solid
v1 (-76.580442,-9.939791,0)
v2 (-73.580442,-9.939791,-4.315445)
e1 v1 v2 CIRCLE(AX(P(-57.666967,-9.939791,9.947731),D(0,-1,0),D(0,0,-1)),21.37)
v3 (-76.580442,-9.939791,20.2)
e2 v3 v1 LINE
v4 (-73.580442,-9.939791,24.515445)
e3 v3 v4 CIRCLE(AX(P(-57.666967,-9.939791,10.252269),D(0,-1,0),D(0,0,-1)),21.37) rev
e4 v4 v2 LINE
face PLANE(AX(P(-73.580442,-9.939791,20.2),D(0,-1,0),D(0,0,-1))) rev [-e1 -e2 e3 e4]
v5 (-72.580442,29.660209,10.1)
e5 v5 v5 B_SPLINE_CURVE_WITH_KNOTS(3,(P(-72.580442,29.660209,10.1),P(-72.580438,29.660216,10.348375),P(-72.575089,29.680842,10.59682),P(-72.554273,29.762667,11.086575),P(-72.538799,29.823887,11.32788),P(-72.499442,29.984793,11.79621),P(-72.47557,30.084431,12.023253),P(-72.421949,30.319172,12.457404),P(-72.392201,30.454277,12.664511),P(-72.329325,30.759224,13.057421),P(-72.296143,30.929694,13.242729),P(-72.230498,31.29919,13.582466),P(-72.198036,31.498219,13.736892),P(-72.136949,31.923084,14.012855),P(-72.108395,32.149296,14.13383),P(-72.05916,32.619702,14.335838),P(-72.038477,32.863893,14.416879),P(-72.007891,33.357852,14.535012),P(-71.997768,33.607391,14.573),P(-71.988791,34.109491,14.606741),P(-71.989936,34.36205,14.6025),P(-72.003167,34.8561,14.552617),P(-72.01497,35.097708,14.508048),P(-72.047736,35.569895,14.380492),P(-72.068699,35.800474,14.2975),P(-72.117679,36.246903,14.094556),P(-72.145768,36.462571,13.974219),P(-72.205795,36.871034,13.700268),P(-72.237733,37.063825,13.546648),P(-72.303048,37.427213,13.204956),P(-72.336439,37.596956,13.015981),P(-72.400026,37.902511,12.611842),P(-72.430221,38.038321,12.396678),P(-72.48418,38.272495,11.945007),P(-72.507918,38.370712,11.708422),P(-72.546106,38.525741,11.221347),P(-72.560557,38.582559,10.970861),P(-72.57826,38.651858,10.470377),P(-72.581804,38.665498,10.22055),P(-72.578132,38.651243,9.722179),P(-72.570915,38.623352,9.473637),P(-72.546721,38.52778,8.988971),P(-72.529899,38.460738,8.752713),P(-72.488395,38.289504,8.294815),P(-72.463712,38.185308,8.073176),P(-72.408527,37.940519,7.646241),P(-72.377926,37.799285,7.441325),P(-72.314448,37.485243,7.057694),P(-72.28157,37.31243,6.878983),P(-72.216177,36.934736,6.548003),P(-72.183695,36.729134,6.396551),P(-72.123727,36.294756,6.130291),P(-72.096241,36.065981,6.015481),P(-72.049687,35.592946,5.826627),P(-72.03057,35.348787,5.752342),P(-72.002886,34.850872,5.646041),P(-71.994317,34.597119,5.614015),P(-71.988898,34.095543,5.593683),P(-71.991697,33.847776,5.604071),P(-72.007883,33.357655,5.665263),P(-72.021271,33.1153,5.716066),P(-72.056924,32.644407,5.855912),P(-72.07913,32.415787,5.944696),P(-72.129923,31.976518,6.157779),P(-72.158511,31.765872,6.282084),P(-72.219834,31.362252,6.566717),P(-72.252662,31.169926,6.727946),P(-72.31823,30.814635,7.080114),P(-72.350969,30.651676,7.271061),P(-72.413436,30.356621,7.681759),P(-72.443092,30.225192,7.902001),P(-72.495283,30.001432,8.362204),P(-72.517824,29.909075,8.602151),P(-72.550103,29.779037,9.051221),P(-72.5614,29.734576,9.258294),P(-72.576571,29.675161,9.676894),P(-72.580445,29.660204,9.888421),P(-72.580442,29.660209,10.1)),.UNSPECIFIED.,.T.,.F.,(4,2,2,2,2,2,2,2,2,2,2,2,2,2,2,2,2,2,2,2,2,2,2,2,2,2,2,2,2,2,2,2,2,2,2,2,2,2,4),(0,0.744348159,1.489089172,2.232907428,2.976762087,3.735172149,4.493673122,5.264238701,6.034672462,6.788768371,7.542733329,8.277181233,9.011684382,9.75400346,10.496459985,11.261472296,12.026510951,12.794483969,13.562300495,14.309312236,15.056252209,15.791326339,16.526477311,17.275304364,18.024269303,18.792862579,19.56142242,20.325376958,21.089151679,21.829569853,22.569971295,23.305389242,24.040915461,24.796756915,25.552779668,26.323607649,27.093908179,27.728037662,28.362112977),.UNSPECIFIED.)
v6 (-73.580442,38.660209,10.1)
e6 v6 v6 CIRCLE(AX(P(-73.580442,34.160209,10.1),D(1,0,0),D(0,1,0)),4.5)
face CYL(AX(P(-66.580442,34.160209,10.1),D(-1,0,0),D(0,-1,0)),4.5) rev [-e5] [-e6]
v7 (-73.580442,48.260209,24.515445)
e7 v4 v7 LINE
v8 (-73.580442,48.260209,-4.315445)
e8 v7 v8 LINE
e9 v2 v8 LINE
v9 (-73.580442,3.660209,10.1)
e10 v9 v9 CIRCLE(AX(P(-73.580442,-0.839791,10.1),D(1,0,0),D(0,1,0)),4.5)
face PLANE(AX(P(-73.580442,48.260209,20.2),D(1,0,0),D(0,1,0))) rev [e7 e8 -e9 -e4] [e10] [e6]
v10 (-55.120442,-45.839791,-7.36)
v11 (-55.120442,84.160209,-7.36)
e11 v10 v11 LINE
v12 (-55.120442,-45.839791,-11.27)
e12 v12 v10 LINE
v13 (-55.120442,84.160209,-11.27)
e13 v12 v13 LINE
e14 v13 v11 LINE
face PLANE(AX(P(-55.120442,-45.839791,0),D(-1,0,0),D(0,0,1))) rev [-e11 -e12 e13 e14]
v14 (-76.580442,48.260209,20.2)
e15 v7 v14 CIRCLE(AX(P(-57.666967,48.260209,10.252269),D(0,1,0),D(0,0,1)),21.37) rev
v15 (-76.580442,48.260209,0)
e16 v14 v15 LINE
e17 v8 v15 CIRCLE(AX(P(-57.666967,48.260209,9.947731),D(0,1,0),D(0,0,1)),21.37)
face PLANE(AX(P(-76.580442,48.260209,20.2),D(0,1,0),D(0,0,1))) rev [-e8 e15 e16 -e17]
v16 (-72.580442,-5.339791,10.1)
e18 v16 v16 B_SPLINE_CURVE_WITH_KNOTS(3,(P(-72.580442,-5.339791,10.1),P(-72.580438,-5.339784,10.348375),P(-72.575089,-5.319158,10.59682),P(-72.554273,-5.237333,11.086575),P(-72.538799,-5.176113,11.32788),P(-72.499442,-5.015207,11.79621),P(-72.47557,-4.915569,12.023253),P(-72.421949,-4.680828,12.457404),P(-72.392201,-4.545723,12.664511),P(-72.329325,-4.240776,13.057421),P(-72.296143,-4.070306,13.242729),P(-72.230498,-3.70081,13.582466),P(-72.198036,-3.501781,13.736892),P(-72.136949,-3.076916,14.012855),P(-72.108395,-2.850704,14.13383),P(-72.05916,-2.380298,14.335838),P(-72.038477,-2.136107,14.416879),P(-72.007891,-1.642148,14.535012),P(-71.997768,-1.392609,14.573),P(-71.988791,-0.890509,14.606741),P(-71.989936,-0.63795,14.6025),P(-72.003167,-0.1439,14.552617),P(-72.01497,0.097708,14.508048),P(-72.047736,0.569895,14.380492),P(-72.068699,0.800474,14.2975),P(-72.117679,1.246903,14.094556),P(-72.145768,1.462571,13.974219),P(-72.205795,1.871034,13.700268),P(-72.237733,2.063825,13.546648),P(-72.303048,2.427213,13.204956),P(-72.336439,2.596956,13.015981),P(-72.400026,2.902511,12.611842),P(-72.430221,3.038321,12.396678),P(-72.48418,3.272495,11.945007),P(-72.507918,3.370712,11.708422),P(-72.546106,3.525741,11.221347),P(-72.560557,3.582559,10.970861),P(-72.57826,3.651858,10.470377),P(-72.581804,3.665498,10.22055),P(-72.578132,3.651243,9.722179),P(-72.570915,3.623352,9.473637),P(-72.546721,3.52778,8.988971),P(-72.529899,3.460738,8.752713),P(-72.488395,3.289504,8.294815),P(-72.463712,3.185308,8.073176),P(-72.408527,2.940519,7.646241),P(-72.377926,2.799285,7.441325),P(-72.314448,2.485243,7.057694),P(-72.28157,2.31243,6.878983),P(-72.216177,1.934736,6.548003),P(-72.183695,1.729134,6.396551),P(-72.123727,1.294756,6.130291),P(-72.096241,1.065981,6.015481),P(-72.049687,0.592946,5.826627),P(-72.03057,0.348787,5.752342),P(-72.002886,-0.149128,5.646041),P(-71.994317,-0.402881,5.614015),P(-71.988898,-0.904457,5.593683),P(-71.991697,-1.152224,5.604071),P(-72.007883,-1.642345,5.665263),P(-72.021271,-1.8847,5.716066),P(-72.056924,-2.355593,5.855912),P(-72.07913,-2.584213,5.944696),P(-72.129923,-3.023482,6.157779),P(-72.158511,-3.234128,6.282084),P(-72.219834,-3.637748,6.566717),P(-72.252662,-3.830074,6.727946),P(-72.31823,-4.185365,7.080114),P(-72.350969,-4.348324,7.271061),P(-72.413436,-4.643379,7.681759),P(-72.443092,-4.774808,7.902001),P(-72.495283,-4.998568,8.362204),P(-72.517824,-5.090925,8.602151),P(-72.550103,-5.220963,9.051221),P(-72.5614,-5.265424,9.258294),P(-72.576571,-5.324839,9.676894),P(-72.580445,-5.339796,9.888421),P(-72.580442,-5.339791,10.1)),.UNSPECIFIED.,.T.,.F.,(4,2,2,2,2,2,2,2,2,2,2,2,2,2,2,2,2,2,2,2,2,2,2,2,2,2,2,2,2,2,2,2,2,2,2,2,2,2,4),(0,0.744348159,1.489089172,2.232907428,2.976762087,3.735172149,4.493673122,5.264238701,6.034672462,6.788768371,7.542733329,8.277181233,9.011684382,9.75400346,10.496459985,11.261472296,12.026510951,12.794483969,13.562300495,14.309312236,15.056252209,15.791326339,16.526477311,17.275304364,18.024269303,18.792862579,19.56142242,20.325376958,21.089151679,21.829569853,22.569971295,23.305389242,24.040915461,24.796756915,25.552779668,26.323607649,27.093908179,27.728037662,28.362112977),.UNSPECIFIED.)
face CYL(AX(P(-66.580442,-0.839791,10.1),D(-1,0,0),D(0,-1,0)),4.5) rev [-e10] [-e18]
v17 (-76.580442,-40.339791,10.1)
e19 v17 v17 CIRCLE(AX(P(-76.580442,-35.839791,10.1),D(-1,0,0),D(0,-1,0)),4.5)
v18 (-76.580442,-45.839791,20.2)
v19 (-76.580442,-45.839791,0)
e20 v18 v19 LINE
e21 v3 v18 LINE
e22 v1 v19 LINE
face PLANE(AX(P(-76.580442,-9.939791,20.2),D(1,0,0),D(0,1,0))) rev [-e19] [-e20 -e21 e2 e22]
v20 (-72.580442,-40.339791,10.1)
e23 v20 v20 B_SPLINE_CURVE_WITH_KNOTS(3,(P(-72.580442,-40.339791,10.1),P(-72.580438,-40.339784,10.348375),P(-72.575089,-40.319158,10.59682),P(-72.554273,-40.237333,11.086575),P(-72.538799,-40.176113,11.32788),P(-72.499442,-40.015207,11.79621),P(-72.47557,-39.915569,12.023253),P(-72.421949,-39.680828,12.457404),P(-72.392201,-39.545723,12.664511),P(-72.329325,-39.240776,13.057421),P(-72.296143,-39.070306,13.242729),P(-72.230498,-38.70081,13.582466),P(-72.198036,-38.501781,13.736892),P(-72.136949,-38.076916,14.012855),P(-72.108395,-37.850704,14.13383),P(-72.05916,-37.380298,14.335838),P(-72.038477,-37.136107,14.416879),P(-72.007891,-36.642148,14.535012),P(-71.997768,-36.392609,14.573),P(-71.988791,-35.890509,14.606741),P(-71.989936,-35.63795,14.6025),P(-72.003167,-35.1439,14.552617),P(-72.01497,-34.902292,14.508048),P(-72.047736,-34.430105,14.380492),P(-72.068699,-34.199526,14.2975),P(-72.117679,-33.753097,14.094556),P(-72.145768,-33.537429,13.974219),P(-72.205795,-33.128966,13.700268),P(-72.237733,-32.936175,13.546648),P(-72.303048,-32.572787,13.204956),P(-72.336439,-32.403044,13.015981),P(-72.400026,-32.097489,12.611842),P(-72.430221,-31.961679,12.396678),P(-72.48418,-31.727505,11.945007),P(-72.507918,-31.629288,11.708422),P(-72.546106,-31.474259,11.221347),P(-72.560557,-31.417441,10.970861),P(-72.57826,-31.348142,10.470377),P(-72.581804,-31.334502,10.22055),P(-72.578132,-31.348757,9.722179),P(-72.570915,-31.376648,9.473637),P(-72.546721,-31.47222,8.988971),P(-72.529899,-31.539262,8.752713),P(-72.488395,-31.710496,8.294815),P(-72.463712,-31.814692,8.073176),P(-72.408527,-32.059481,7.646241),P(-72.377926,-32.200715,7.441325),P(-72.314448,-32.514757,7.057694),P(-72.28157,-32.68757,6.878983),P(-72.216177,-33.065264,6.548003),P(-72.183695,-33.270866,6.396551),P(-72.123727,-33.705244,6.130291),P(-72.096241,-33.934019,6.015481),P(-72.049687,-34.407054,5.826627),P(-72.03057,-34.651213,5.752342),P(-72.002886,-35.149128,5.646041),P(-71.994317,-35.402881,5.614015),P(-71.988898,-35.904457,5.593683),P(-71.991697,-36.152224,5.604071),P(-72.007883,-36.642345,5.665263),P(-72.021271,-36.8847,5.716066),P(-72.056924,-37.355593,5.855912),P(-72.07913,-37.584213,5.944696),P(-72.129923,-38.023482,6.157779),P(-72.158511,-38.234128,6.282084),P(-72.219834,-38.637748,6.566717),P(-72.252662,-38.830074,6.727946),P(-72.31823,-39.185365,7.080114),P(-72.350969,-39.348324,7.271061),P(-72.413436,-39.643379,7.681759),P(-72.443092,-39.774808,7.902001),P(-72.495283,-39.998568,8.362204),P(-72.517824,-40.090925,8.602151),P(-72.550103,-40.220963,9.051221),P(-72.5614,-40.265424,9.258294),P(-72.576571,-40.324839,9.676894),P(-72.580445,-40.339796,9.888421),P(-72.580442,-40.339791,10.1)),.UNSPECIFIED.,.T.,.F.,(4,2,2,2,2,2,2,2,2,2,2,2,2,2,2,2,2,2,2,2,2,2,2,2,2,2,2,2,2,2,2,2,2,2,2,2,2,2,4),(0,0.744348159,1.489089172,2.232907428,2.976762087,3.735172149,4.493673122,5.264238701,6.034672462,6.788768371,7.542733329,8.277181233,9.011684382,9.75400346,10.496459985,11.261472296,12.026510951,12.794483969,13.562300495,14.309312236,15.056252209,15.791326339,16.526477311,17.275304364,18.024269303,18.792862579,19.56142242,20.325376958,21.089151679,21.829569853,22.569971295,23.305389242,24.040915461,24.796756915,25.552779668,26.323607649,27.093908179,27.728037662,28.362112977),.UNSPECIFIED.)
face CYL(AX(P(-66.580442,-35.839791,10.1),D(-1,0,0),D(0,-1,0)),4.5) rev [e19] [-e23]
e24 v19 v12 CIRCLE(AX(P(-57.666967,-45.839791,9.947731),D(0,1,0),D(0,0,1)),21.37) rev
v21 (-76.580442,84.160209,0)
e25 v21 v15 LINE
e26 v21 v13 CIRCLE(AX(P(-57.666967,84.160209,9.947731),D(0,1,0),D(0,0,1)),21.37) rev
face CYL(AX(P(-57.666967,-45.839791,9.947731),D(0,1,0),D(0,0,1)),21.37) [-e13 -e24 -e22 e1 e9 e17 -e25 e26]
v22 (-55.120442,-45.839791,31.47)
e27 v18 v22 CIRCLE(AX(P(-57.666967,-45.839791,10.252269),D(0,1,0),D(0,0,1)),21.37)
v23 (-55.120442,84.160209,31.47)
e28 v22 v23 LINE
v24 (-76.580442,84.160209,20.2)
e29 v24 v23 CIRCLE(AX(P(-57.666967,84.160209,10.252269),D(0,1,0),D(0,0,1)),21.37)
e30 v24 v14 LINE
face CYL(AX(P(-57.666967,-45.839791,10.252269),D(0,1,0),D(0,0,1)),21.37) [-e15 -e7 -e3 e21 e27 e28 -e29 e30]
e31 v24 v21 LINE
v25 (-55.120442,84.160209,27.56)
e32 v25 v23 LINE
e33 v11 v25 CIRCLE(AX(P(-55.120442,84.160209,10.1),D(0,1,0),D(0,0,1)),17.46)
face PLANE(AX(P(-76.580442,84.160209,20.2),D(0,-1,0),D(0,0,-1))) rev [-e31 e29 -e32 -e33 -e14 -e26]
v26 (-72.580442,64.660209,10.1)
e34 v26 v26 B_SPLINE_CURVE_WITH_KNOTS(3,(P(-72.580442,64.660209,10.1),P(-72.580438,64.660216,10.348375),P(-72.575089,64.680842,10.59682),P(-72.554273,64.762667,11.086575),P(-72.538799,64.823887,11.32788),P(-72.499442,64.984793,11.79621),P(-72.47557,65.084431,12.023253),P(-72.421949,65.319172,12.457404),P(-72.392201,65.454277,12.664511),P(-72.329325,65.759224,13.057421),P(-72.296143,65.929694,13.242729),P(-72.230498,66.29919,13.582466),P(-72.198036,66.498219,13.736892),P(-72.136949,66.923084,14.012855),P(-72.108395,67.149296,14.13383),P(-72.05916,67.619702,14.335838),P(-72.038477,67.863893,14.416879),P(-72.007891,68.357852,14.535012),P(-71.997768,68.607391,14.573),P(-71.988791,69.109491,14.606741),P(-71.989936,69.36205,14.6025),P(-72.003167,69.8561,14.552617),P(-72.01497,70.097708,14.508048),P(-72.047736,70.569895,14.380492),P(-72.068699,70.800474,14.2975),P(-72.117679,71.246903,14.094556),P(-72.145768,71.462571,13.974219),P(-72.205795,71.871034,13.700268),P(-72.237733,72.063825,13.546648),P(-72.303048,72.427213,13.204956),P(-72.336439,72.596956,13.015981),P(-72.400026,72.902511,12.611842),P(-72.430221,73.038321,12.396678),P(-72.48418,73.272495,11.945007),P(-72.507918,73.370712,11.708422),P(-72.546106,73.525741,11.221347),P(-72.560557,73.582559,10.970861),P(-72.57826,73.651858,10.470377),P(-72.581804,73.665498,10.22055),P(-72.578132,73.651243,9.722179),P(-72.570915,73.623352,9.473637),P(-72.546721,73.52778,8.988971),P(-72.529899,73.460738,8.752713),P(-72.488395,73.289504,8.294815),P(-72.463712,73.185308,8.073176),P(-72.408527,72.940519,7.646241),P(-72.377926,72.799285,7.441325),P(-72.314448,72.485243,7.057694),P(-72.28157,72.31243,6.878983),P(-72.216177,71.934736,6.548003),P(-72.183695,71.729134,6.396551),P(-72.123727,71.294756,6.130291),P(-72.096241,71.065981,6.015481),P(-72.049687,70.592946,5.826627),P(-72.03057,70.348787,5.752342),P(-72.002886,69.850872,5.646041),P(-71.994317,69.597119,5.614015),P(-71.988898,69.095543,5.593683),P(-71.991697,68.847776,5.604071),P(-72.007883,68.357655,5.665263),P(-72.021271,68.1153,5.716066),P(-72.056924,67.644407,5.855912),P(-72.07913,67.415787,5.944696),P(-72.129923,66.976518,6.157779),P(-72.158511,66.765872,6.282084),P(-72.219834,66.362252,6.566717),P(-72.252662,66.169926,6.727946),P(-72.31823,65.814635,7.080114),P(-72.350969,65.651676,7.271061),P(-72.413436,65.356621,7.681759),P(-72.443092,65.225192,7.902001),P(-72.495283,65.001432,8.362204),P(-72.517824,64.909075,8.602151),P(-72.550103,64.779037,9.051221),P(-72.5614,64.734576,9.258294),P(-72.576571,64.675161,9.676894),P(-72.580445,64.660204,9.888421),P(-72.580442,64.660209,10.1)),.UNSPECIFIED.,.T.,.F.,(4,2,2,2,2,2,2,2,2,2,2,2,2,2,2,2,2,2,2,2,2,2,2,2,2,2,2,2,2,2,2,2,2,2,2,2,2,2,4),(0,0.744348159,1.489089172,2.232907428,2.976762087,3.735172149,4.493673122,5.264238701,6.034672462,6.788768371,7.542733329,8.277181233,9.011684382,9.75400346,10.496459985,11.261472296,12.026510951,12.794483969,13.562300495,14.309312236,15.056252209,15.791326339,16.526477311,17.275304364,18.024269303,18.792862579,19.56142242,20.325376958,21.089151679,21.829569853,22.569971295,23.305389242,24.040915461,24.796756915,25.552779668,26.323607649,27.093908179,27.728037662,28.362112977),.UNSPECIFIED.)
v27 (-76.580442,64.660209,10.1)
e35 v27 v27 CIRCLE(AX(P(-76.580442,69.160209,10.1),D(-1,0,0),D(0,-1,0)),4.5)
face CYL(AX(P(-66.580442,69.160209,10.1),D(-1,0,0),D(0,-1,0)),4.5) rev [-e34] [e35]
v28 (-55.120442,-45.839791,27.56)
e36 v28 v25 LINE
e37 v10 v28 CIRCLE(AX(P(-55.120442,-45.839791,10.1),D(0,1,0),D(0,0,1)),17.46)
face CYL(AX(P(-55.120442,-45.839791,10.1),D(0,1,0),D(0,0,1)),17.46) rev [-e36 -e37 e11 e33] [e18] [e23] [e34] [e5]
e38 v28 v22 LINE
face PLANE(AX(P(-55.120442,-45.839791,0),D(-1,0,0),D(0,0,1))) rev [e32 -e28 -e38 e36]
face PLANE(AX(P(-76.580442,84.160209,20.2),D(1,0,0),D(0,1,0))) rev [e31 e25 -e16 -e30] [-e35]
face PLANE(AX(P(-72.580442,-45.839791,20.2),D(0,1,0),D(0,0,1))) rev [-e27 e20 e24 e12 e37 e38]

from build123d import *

# Parameters (mm, degrees)
BOSS_EXTRUDE1_DEPTH     = 20.2
BOSS_EXTRUDE3_DEPTH     = 130
SKETCH7_R               = 4.5
CUT_EXTRUDE1_DEPTH      = 10
CUT_EXTRUDE2_DEPTH      = 119.099419302
CUT_EXTRUDE2_DEPTH_BACK = 119.099419302
SKETCH8_W               = 3
SKETCH8_H               = 58.2


with BuildPart() as part:
    # Sketch1 → Boss-Extrude1 (new body)
    with BuildSketch(Plane.XY):
        Polygon((-76.580441788, 84.160209426), (-76.580441788, 48.260209426), (-73.580441788, 48.260209426), (-73.580441788, -9.939790574), (-76.580441788, -9.939790574), (-76.580441788, -45.839790574), (-72.580441788, -45.839790574), (-72.580441788, 84.160209426), align=None)
    extrude(amount=BOSS_EXTRUDE1_DEPTH)

    # Sketch2 → Boss-Extrude3 (add)
    with BuildSketch(Plane(origin=(0, 84.160209426, 0), x_dir=(1, 0, 0), z_dir=(0, 1, 0))):
        with BuildLine():
            Line((-72.580441788, -20.2), (-76.580441788, -20.2))
            ThreePointArc((-76.580441788, -20.2), (-67.602885827, -29.171952003), (-55.120441788, -31.47))
            Line((-55.120441788, -31.47), (-55.120441788, -27.56))
            ThreePointArc((-55.120441788, -27.56), (-63.136226216, -25.611247532), (-69.362688802, -20.2))
            Line((-69.362688802, -20.2), (-72.580441788, -20.2))
        make_face()
        with BuildLine():
            Line((-76.580441788, 0), (-72.580441788, 0))
            Line((-72.580441788, 0), (-69.362688802, 0))
            ThreePointArc((-69.362688802, 0), (-63.136226216, 5.411247532), (-55.120441788, 7.36))
            Line((-55.120441788, 7.36), (-55.120441788, 11.27))
            ThreePointArc((-55.120441788, 11.27), (-67.602885827, 8.971952003), (-76.580441788, 0))
        make_face()
        with BuildLine():
            Line((-69.362688802, 0), (-72.580441788, 0))
            Line((-72.580441788, 0), (-72.580441788, -10.1))
            ThreePointArc((-72.580441788, -10.1), (-71.756565628, -4.799907211), (-69.362688802, 0))
        make_face()
        with BuildLine():
            ThreePointArc((-69.362688802, -20.2), (-71.756565628, -15.400092789), (-72.580441788, -10.1))
            Line((-72.580441788, -10.1), (-72.580441788, -20.2))
            Line((-72.580441788, -20.2), (-69.362688802, -20.2))
        make_face()
    extrude(amount=-BOSS_EXTRUDE3_DEPTH)

    # Sketch7 → Cut-Extrude1 (cut)
    with BuildSketch(Plane.ZY.offset(76.580441788)):
        with Locations(Location((10.1, 69.160209426, 0), (0, 0, 270))):
            Circle(SKETCH7_R)
        with Locations(Location((10.1, 34.160209426, 0), (0, 0, 270))):
            Circle(SKETCH7_R)
        with Locations(Location((10.1, -0.839790574, 0), (0, 0, 270))):
            Circle(SKETCH7_R)
        with Locations(Location((10.1, -35.839790574, 0), (0, 0, 270))):
            Circle(SKETCH7_R)
    extrude(amount=-CUT_EXTRUDE1_DEPTH, mode=Mode.SUBTRACT)

    # Sketch8 → Cut-Extrude2 (cut, two sides: drawn at the far end of the back side and taken through both)
    with BuildSketch(Plane.XY.offset(-CUT_EXTRUDE2_DEPTH_BACK)):
        with Locations((-75.080441788, 19.160209426)):
            Rectangle(SKETCH8_W, SKETCH8_H)
    extrude(amount=CUT_EXTRUDE2_DEPTH + CUT_EXTRUDE2_DEPTH_BACK, mode=Mode.SUBTRACT)


solid = part.part
